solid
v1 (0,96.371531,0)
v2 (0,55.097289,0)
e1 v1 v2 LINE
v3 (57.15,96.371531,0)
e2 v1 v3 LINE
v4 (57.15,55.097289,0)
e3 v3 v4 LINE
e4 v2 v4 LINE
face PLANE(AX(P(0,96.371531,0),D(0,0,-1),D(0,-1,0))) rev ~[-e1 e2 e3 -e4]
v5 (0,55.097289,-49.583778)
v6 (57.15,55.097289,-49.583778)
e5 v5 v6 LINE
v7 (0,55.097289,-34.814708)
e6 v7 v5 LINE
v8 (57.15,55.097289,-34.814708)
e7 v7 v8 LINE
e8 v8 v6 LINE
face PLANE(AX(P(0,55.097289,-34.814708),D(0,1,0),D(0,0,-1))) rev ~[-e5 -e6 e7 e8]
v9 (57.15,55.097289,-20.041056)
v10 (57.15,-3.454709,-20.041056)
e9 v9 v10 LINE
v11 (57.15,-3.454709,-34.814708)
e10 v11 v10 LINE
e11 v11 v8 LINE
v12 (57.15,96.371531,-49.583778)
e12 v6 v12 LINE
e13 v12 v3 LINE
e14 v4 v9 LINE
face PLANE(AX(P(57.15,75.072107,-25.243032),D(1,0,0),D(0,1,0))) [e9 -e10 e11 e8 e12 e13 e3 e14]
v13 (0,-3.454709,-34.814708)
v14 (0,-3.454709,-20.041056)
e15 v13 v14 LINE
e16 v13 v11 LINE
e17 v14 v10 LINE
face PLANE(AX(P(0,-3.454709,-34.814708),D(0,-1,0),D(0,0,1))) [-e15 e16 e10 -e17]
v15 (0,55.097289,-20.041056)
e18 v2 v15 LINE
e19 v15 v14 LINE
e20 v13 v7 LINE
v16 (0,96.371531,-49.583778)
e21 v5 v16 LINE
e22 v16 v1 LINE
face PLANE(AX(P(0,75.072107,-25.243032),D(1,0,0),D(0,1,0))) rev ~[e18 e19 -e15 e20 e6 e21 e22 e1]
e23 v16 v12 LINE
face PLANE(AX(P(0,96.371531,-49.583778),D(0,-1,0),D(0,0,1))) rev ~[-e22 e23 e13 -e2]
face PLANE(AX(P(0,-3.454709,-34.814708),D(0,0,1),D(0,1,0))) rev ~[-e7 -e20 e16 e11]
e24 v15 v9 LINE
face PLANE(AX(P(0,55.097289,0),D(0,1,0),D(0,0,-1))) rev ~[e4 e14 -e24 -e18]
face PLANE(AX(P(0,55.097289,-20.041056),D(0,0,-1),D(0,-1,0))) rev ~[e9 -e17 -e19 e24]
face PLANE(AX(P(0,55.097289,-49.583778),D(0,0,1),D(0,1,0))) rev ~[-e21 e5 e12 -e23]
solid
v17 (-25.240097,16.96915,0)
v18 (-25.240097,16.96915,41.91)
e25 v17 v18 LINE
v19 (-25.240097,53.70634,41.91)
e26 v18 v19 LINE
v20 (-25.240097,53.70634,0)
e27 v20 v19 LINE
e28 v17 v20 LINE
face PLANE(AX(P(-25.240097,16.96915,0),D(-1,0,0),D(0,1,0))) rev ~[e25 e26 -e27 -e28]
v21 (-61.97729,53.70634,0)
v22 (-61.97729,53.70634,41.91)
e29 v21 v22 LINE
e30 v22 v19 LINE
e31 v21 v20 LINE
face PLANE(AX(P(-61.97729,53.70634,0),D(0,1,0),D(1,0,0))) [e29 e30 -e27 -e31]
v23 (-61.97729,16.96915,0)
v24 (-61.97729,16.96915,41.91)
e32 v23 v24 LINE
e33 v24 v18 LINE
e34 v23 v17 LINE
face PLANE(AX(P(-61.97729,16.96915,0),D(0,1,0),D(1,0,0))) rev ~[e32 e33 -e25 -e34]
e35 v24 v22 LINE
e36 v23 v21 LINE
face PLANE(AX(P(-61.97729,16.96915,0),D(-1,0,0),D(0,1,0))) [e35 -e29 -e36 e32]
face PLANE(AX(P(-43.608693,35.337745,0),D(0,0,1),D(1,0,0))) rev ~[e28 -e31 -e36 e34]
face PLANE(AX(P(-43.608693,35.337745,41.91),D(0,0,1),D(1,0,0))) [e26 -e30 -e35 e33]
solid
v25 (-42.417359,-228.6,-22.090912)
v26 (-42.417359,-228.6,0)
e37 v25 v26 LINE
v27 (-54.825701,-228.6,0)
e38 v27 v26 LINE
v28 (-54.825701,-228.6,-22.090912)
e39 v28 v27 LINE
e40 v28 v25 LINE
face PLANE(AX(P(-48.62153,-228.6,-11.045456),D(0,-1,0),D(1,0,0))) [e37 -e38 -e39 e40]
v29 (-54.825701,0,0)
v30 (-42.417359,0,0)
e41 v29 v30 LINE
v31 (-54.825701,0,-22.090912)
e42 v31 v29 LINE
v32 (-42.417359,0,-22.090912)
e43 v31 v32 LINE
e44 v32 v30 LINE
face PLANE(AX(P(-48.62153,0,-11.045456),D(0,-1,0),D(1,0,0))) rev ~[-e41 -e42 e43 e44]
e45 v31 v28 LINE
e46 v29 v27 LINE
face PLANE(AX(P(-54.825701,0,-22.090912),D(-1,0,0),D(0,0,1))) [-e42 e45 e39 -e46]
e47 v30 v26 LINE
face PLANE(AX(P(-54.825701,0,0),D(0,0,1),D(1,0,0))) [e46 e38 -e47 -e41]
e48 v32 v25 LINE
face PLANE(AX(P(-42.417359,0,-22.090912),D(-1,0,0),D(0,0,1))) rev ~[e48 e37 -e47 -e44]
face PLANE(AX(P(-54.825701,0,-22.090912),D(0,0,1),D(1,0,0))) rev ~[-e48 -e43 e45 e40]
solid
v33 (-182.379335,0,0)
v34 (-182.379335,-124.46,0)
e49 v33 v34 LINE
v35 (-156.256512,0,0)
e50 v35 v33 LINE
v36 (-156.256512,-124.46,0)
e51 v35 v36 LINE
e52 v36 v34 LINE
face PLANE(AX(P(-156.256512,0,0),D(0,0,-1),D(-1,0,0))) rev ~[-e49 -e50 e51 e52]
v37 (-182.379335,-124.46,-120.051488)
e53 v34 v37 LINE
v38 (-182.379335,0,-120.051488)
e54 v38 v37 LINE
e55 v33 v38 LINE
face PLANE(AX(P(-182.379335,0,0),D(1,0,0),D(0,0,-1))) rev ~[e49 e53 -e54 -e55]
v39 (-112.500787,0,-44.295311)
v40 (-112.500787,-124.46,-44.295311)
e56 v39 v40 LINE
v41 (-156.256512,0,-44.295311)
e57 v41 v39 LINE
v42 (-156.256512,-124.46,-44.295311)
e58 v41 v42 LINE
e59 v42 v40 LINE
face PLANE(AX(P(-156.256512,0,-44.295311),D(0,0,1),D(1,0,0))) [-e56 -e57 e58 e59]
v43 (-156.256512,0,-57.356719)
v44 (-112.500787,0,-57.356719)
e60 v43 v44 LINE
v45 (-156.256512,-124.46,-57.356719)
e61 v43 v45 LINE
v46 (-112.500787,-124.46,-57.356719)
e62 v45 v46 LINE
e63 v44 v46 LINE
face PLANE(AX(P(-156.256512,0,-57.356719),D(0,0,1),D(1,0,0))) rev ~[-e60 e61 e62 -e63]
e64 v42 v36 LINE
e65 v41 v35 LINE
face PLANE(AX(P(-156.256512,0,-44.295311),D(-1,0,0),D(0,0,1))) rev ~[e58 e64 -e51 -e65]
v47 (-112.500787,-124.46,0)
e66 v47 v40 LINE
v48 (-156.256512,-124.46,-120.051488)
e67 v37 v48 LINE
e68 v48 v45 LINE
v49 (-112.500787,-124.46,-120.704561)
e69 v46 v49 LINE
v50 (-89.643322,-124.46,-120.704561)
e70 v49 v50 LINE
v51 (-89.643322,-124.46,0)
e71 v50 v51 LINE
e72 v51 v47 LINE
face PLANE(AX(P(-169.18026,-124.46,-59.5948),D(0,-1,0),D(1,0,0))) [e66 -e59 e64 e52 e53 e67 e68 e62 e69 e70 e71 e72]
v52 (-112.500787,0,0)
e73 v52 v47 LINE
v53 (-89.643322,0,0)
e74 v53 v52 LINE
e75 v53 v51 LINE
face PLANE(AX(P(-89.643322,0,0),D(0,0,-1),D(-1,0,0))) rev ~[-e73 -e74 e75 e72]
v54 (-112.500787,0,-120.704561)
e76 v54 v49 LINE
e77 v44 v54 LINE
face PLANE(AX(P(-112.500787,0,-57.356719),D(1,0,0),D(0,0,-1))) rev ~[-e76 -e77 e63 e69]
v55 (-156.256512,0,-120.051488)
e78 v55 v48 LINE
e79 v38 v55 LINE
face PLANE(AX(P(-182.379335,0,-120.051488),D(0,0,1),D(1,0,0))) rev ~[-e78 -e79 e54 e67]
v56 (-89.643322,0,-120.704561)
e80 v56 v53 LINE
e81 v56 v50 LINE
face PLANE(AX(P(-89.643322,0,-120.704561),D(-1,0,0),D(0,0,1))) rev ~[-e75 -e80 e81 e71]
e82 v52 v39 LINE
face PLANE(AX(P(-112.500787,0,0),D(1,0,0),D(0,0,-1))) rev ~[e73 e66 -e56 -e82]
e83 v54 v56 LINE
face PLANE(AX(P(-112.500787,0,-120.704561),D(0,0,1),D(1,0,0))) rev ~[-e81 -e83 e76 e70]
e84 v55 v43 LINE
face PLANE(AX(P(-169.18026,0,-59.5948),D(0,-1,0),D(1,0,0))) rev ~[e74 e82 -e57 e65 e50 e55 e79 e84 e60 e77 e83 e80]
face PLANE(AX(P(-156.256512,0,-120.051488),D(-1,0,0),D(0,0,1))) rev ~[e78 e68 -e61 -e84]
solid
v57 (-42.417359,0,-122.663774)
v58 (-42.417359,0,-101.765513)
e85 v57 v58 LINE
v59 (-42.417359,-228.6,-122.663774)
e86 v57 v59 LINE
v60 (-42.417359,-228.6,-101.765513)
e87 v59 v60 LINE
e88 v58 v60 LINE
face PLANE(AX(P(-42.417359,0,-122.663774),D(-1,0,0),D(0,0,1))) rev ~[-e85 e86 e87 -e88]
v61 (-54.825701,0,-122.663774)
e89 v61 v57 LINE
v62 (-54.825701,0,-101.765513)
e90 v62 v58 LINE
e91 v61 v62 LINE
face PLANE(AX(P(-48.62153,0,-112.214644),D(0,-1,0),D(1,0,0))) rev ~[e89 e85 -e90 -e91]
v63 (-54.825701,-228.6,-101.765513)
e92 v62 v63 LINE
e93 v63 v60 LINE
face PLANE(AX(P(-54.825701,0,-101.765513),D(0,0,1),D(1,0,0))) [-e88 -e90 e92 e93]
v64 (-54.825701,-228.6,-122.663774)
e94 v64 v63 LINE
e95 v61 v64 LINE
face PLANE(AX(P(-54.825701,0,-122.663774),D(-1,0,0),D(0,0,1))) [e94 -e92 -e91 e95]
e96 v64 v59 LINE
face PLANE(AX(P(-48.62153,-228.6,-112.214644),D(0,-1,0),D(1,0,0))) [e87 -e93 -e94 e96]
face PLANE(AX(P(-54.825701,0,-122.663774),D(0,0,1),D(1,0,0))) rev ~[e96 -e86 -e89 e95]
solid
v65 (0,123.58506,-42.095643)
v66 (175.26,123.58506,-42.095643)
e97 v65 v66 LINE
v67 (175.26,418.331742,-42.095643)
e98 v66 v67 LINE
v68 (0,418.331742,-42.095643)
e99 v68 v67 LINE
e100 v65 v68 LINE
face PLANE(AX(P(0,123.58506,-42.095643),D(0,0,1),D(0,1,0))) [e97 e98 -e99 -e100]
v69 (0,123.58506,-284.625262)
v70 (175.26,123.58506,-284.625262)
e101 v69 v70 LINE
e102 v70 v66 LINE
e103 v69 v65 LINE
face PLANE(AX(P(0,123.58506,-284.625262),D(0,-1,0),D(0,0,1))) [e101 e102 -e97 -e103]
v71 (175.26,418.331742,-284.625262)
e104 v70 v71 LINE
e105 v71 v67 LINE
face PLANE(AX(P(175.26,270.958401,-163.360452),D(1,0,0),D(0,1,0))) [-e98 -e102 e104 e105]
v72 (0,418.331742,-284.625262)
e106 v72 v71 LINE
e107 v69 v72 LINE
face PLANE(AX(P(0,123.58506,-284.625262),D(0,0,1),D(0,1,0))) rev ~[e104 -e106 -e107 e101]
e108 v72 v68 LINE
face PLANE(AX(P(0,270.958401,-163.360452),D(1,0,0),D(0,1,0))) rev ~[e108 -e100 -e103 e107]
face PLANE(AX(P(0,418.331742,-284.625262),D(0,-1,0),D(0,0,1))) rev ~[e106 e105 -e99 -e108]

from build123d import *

# Parameters (mm, degrees)
F0_W      = 36.7371924222
F0_H      = 36.7371905595
F1_DEPTH  = 41.91
F3_W      = 18.7610238791
F3_H      = 14.7736519575
F3_W_2    = 9.7653195262
F3_W_3    = 48.7866785843
F4_DEPTH  = 57.15
F5_W      = 294.7466820478
F5_H      = 242.5296194851
F6_DEPTH  = 175.26
F7_W      = 43.7557250261
F7_H      = 13.0614079535
F7_W_2    = 7.1837753057
F7_W_3    = 15.6736895442
F8_DEPTH  = 124.46
F9_W      = 12.4083422124
F9_H      = 22.0909118652
F10_DEPTH = 228.6
F9_H_2    = 20.8982601762


with BuildPart() as f1:
    # F0 (on Top) → F1 (new body)
    with BuildSketch(Plane.XY):
        with Locations((-43.608693406, 35.337745212)):
            Rectangle(F0_W, F0_H)
    extrude(amount=F1_DEPTH)


with BuildPart() as f4:
    # F3 (on face) → F4 (new body)
    with BuildSketch(Plane.YZ):
        Polygon((96.3715314865, 0), (55.0972893834, 0), (55.0972893834, -20.0410559773), (73.8583132625, -20.0410559773), (73.8583132625, -34.8147079349), (55.0972893834, -34.8147079349), (55.0972893834, -49.5837777853), (96.3715314865, -49.5837777853), align=None)
        with Locations((64.4778013229, -27.4278819561)):
            Rectangle(F3_W, F3_H)
        with Locations((50.2146296203, -27.4278819561)):
            Rectangle(F3_W_2, F3_H)
        with Locations((20.9386305651, -27.4278819561)):
            Rectangle(F3_W_3, F3_H)
    extrude(amount=F4_DEPTH)


with BuildPart() as f6:
    # F5 (on Right) → F6 (new body)
    with BuildSketch(Plane.YZ):
        with Locations((270.9584012628, -163.3604522794)):
            Rectangle(F5_W, F5_H)
    extrude(amount=F6_DEPTH)


with BuildPart() as f8:
    # F7 (on Front) → F8 (new body)
    with BuildSketch(Plane.XZ):
        Polygon((-156.2565118074, -44.2953109741), (-156.2565118074, 0), (-182.379335165, 0), (-182.379335165, -120.0514882803), (-156.2565118074, -120.0514882803), (-156.2565118074, -57.3567189276), (-163.4402871132, -57.3567189276), (-163.4402871132, -44.2953109741), align=None)
        with Locations((-134.3786492944, -50.8260149509)):
            Rectangle(F7_W, F7_H)
        with Locations((-159.8483994603, -50.8260149509)):
            Rectangle(F7_W_2, F7_H)
        Polygon((-112.5007867813, 0), (-112.5007867813, -44.2953109741), (-96.8270972371, -44.2953109741), (-96.8270972371, -57.3567189276), (-112.5007867813, -57.3567189276), (-112.5007867813, -120.7045614719), (-89.6433219314, -120.7045614719), (-89.6433219314, 0), align=None)
        with Locations((-104.6639420092, -50.8260149509)):
            Rectangle(F7_W_3, F7_H)
    extrude(amount=F8_DEPTH)


with BuildPart() as f10:
    # F9 (on Front) → F10 (new body)
    with BuildSketch(Plane.XZ):
        with Locations((-48.6215297133, -11.0454559326)):
            Rectangle(F9_W, F9_H)
    extrude(amount=F10_DEPTH)


with BuildPart() as f10b:
    # F9 (on Front) → F10, piece 2 (new body)
    with BuildSketch(Plane.XZ):
        with Locations((-48.6215297133, -112.2146435082)):
            Rectangle(F9_W, F9_H_2)
    extrude(amount=F10_DEPTH)


solid = Compound([f1.part, f4.part, f6.part, f8.part, f10.part, f10b.part])
